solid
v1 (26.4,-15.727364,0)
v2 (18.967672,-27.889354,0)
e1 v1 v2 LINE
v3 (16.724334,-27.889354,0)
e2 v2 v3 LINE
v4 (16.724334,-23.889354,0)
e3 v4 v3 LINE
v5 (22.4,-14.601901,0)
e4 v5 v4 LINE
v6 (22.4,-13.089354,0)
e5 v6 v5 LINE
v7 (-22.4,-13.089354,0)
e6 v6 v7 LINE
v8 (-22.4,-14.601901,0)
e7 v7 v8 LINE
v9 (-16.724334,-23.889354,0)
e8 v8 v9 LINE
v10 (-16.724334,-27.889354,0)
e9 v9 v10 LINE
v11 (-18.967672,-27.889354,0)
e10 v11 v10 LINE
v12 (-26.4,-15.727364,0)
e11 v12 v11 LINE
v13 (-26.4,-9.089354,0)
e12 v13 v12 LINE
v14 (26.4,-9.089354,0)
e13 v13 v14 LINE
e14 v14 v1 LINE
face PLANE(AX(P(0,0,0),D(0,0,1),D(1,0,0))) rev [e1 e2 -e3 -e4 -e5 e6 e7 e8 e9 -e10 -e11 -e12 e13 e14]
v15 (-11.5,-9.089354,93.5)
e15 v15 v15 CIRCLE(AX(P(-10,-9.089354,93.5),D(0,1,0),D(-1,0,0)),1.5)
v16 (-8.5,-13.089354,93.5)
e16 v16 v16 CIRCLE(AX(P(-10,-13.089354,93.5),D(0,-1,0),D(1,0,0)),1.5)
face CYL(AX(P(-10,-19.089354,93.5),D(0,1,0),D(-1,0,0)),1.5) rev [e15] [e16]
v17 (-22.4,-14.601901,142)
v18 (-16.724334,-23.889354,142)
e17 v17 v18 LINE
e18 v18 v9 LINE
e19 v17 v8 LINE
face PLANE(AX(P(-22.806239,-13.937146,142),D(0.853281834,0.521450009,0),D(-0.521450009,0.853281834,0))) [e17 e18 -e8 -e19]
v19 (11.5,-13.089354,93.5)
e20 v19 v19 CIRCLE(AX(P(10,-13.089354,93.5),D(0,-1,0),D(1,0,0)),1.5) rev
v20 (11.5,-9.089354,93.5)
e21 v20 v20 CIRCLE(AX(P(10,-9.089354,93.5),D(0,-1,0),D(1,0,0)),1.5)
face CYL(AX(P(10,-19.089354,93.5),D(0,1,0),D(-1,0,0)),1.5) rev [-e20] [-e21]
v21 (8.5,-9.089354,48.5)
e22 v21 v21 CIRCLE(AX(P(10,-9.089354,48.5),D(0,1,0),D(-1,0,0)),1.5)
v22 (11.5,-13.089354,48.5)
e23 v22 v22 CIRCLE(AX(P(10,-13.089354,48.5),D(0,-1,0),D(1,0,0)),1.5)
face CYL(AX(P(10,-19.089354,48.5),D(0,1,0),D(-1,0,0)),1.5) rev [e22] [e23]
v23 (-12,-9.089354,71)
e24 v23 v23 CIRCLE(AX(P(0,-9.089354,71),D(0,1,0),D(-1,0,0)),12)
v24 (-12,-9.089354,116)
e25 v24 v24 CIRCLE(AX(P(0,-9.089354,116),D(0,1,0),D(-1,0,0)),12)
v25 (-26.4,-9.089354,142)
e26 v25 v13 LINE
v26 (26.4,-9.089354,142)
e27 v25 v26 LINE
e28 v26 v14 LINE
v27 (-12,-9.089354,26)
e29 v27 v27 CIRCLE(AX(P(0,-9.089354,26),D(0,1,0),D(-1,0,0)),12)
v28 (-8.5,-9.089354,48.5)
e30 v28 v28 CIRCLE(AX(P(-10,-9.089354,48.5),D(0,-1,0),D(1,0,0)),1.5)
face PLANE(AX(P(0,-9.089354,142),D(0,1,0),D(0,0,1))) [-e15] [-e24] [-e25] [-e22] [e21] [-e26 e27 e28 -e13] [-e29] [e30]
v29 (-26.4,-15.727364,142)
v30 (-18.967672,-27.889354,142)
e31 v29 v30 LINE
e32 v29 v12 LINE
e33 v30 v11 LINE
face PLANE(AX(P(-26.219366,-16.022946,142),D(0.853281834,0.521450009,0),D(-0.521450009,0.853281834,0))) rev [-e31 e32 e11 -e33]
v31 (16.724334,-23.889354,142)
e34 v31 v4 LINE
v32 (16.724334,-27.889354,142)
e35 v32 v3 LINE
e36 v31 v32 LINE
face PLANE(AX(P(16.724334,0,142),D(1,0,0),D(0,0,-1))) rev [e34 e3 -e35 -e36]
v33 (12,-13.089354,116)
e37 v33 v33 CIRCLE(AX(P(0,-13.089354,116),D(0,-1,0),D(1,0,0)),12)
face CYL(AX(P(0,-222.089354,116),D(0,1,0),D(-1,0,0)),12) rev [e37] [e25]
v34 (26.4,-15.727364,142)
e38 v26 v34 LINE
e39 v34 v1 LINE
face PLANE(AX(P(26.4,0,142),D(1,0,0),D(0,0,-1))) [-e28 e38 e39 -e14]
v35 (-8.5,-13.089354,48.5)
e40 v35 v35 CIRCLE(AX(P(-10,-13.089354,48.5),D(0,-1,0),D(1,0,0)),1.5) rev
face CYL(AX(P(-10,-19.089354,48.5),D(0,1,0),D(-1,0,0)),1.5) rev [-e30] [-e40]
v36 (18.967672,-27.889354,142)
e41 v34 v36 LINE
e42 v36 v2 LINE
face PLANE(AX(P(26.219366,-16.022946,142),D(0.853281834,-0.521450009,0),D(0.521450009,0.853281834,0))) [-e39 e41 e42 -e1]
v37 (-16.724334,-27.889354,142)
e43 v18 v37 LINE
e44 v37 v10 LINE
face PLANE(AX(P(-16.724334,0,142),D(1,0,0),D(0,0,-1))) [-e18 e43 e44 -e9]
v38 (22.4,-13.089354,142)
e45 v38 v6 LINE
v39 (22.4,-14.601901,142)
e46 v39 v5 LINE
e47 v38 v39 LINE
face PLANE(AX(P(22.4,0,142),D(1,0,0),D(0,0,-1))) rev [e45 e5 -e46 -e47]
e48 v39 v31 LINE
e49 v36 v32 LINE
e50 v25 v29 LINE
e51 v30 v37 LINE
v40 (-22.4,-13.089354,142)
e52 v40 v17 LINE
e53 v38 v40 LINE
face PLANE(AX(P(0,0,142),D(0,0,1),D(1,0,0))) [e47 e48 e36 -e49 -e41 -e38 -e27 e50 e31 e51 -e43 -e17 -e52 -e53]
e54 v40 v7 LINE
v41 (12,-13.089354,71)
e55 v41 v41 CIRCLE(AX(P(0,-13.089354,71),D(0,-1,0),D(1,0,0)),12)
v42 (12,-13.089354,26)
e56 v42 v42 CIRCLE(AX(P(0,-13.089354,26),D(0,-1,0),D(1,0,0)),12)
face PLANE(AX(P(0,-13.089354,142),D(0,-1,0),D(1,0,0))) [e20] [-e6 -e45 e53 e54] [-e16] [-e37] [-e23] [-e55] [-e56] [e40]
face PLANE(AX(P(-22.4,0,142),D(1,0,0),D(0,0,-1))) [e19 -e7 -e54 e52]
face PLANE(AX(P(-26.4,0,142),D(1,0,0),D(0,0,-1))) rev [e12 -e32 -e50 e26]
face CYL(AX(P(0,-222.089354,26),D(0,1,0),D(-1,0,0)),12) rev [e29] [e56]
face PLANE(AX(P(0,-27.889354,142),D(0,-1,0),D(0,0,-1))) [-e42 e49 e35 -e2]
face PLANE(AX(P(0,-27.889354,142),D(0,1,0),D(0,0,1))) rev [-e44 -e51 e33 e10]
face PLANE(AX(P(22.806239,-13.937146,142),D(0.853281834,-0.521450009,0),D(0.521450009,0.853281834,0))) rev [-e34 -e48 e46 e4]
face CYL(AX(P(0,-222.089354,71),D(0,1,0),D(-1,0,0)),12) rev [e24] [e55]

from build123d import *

# Parameters (mm, degrees)
BOSS_EXTRUDE1_DEPTH = 142
SKETCH2_R           = 12
CUT_EXTRUDE1_DEPTH  = 213
SKETCH3_R           = 1.5
CUT_EXTRUDE2_DEPTH  = 10


with BuildPart() as part:
    # Sketch1 → Boss-Extrude1 (new body)
    with BuildSketch(Plane.XY):
        Polygon((0, -13.089354466), (-22.4, -13.089354466), (-22.4, -14.60190076), (-16.724333847, -23.889354466), (-16.724333847, -27.889354466), (-18.967672316, -27.889354466), (-26.4, -15.727363709), (-26.4, -9.089354466), (26.4, -9.089354466), (26.4, -15.727363709), (18.967672316, -27.889354466), (16.724333847, -27.889354466), (16.724333847, -23.889354466), (22.4, -14.60190076), (22.4, -13.089354466), align=None)
    extrude(amount=BOSS_EXTRUDE1_DEPTH)

    # Sketch2 → Cut-Extrude1 (cut)
    with BuildSketch(Plane(origin=(0, -9.089354466, 0), x_dir=(1, 0, 0), z_dir=(0, 1, 0))):
        with Locations(Location((0, -26, 0), (0, 0, 180))):
            Circle(SKETCH2_R)
        with Locations(Location((0, -71, 0), (0, 0, 180))):
            Circle(SKETCH2_R)
        with Locations(Location((0, -116, 0), (0, 0, 180))):
            Circle(SKETCH2_R)
    extrude(amount=-CUT_EXTRUDE1_DEPTH, mode=Mode.SUBTRACT)

    # Sketch3 → Cut-Extrude2 (cut)
    with BuildSketch(Plane(origin=(0, -9.089354466, 0), x_dir=(1, 0, 0), z_dir=(0, 1, 0))):
        with Locations(Location((-10, -93.5, 0), (0, 0, 180))):
            Circle(SKETCH3_R)
        with Locations((10, -93.5)):
            Circle(SKETCH3_R)
        with Locations(Location((10, -48.5, 0), (0, 0, 180))):
            Circle(SKETCH3_R)
        with Locations((-10, -48.5)):
            Circle(SKETCH3_R)
    extrude(amount=-CUT_EXTRUDE2_DEPTH, mode=Mode.SUBTRACT)


solid = part.part
